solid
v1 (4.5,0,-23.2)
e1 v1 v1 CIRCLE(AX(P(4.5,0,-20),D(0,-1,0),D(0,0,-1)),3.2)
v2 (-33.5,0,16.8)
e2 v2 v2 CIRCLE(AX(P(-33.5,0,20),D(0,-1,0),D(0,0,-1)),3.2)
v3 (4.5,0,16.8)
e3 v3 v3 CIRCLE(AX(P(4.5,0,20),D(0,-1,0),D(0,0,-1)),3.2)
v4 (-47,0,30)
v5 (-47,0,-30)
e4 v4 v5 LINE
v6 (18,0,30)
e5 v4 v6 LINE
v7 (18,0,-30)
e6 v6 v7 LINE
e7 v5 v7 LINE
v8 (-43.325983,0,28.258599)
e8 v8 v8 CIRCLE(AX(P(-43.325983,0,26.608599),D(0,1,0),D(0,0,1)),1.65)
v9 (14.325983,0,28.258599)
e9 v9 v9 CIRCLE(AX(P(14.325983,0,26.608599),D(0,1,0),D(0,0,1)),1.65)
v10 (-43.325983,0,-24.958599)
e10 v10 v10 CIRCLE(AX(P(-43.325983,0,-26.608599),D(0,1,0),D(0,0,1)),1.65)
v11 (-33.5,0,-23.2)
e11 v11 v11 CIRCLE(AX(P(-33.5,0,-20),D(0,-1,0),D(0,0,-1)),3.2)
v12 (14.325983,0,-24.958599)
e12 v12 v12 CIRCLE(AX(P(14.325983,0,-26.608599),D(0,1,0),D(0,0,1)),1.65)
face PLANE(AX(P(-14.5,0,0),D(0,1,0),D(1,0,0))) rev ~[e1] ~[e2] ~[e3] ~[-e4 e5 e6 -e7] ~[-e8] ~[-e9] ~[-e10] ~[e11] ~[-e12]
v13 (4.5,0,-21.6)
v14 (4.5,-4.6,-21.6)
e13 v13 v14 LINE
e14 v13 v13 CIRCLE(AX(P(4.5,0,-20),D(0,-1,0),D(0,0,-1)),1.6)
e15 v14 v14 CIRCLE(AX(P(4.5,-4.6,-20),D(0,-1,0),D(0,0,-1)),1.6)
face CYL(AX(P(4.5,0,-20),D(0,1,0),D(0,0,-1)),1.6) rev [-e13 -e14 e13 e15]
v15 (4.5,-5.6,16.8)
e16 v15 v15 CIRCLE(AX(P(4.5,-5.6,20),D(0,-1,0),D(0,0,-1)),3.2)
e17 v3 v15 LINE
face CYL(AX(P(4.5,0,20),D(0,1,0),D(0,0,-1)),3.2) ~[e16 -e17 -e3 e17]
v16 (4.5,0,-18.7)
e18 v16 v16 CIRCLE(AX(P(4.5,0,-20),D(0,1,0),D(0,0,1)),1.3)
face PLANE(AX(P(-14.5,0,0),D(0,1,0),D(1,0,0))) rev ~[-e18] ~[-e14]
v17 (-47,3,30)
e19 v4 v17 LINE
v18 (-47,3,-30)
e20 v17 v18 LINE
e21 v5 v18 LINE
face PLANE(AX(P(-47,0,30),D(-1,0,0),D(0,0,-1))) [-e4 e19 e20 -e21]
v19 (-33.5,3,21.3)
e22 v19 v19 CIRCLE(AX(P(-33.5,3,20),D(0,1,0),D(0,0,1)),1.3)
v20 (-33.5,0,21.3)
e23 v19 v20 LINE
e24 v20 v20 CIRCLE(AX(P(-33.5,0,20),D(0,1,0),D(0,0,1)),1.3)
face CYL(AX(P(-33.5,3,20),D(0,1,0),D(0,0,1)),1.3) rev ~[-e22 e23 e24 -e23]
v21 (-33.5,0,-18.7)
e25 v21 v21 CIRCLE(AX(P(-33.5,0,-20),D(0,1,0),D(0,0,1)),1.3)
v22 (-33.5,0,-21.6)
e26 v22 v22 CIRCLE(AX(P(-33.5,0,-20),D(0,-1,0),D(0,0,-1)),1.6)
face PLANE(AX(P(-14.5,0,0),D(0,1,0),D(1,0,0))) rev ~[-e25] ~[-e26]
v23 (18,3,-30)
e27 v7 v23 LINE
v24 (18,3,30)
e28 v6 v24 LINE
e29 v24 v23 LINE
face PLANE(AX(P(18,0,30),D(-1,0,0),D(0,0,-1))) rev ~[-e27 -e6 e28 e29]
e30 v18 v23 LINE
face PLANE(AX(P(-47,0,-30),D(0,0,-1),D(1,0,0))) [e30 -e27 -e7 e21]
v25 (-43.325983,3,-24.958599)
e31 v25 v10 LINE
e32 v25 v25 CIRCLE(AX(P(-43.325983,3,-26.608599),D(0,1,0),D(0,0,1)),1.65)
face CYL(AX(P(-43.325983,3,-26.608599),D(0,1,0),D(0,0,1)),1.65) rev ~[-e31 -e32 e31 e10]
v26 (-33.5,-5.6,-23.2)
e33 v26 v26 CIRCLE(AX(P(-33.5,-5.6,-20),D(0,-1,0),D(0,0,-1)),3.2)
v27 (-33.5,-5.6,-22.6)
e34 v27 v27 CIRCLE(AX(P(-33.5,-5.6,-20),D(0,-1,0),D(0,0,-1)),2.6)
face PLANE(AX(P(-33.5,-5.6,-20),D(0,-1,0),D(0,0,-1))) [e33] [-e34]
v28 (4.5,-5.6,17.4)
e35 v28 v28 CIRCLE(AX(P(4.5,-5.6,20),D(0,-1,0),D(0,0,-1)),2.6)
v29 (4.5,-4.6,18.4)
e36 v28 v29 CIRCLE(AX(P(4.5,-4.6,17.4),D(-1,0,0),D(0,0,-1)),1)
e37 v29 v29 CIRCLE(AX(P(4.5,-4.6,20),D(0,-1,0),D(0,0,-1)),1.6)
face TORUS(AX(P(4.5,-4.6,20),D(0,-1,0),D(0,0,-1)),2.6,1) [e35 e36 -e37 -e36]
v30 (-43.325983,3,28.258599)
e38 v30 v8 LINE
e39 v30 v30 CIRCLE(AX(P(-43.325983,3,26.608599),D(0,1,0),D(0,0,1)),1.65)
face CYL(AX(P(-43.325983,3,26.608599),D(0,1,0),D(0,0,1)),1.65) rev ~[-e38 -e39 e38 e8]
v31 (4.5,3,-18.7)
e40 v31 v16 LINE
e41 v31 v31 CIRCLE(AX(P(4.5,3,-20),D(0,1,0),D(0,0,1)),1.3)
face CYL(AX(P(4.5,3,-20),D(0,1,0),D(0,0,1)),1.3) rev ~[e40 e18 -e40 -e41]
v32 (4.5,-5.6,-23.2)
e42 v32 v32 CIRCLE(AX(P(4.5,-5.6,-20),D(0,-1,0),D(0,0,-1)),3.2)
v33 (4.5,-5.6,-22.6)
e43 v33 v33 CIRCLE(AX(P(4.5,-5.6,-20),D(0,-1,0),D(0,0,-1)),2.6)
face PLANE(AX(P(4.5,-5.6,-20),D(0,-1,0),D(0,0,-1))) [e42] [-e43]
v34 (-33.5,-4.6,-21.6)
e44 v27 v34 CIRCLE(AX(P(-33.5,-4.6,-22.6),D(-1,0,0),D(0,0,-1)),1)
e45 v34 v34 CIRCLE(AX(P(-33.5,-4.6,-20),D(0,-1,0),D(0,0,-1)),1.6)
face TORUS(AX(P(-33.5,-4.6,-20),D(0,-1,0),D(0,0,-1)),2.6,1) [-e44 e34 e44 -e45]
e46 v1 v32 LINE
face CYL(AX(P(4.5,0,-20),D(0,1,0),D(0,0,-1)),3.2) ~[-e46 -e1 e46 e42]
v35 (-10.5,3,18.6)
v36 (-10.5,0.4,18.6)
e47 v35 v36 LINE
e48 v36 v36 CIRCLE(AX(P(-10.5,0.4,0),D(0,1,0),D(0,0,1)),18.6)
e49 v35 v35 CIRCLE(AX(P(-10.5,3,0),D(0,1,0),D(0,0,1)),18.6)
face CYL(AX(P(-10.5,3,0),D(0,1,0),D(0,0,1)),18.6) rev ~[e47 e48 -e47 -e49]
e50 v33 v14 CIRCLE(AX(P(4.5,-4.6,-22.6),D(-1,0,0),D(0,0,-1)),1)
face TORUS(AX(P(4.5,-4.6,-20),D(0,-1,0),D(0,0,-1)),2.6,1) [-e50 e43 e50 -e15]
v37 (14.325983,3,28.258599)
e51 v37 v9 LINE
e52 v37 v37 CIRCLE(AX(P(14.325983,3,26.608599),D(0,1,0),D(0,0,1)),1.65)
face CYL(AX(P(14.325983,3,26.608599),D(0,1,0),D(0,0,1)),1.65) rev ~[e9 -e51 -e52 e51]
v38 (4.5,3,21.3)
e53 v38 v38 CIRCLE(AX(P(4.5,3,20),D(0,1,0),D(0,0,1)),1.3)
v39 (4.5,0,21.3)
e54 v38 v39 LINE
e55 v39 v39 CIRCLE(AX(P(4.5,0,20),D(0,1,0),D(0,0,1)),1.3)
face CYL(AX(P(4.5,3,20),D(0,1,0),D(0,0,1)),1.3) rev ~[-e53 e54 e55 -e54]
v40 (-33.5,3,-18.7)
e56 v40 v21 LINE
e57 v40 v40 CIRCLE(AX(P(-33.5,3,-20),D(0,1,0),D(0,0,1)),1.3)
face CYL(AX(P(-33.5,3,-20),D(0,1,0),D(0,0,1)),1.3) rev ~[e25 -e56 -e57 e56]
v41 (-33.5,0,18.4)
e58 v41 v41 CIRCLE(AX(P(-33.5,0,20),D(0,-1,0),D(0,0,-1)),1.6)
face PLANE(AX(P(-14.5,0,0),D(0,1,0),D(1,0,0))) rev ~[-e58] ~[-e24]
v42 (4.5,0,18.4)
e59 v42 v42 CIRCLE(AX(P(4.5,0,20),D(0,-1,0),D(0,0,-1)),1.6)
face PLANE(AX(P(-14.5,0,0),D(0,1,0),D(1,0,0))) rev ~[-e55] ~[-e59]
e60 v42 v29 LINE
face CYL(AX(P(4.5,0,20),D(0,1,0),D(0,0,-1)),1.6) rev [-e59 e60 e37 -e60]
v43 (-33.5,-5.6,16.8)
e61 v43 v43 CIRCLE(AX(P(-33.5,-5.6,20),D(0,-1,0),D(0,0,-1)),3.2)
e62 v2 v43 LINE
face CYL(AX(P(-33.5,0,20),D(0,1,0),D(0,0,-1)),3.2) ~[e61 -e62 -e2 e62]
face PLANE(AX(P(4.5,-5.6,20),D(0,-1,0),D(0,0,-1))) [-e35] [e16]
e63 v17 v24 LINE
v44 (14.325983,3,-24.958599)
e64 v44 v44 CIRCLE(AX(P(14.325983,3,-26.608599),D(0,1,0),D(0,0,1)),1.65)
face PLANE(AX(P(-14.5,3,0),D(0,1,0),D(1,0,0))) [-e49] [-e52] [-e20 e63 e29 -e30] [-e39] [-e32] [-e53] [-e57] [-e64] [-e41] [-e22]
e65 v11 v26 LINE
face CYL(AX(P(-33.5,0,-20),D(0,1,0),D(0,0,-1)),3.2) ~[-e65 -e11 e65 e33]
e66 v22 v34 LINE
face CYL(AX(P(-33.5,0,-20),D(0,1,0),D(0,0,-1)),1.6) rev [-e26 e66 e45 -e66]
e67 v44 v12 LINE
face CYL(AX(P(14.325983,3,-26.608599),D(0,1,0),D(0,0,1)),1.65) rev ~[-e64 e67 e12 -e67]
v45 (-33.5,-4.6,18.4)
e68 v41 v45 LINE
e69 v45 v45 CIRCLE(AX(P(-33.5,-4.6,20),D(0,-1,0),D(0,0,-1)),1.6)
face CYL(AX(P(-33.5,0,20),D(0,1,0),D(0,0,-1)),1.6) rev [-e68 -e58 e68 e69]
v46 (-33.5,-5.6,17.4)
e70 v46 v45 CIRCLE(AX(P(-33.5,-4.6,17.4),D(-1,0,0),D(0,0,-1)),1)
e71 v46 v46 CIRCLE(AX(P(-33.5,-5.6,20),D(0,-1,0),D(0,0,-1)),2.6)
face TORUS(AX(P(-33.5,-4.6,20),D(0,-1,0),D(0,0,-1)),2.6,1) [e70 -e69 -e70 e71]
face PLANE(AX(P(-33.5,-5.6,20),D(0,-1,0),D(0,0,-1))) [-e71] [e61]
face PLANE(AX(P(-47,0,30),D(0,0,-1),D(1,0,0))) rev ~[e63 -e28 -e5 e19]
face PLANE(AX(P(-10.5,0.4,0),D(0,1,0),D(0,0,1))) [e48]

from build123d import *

# Parameters (mm, degrees)
SKETCH3_W           = 65
SKETCH3_H           = 60
BOSS_EXTRUDE3_DEPTH = 3
CUT_EXTRUDE1_REACH  = 57.839
SKETCH4_R           = 1.3
SKETCH9_R           = 3.2
SKETCH9_R_2         = 1.6
BOSS_EXTRUDE5_DEPTH = 5.6
SKETCH10_R          = 18.6
CUT_EXTRUDE3_DEPTH  = 2.6
SKETCH11_R          = 1.65
CUT_EXTRUDE4_DEPTH  = 57.41772771
FILLET1_R           = 1


with BuildPart() as part:
    # Sketch3 → Boss-Extrude3 (new body)
    with BuildSketch(Plane(origin=(0, 0, 0), x_dir=(1, 0, 0), z_dir=(0, 1, 0))):
        with Locations((-14.5, 0)):
            Rectangle(SKETCH3_W, SKETCH3_H)
    extrude(amount=BOSS_EXTRUDE3_DEPTH)

    # Sketch4 → Cut-Extrude1 (cut, up to next)
    with BuildSketch(Plane(origin=(0, 3, 0), x_dir=(1, 0, 0), z_dir=(0, 1, 0)), mode=Mode.PRIVATE) as cut_extrude1_sk1:
        with Locations(Location((-33.5, 20, 0), (0, 0, 270))):
            Circle(SKETCH4_R)
    cut_extrude1_tool1 = extrude(cut_extrude1_sk1.sketch, amount=-CUT_EXTRUDE1_REACH, mode=Mode.PRIVATE) & part.part
    # Sketch4 → Cut-Extrude1 (cut, up to next)
    with BuildSketch(Plane(origin=(0, 3, 0), x_dir=(1, 0, 0), z_dir=(0, 1, 0)), mode=Mode.PRIVATE) as cut_extrude1_sk2:
        with Locations(Location((4.5, 20, 0), (0, 0, 270))):
            Circle(SKETCH4_R)
    cut_extrude1_tool2 = extrude(cut_extrude1_sk2.sketch, amount=-CUT_EXTRUDE1_REACH, mode=Mode.PRIVATE) & part.part
    # Sketch4 → Cut-Extrude1 (cut, up to next)
    with BuildSketch(Plane(origin=(0, 3, 0), x_dir=(1, 0, 0), z_dir=(0, 1, 0)), mode=Mode.PRIVATE) as cut_extrude1_sk3:
        with Locations(Location((4.5, -20, 0), (0, 0, 270))):
            Circle(SKETCH4_R)
    cut_extrude1_tool3 = extrude(cut_extrude1_sk3.sketch, amount=-CUT_EXTRUDE1_REACH, mode=Mode.PRIVATE) & part.part
    # Sketch4 → Cut-Extrude1 (cut, up to next)
    with BuildSketch(Plane(origin=(0, 3, 0), x_dir=(1, 0, 0), z_dir=(0, 1, 0)), mode=Mode.PRIVATE) as cut_extrude1_sk4:
        with Locations(Location((-33.5, -20, 0), (0, 0, 270))):
            Circle(SKETCH4_R)
    cut_extrude1_tool4 = extrude(cut_extrude1_sk4.sketch, amount=-CUT_EXTRUDE1_REACH, mode=Mode.PRIVATE) & part.part
    add(cut_extrude1_tool1.solids().sort_by_distance((-33.5, 3, -20))[0], mode=Mode.SUBTRACT)
    add(cut_extrude1_tool2.solids().sort_by_distance((4.5, 3, -20))[0], mode=Mode.SUBTRACT)
    add(cut_extrude1_tool3.solids().sort_by_distance((4.5, 3, 20))[0], mode=Mode.SUBTRACT)
    add(cut_extrude1_tool4.solids().sort_by_distance((-33.5, 3, 20))[0], mode=Mode.SUBTRACT)

    # Sketch9 → Boss-Extrude5 (add)
    # profile 1 of 4: a face of its own
    with BuildSketch(Plane.XZ):
        with Locations(Location((-33.5, 20, 0), (0, 0, 270))):
            Circle(SKETCH9_R)
        with Locations(Location((-33.5, 20, 0), (0, 0, 270))):
            Circle(SKETCH9_R_2, mode=Mode.SUBTRACT)
    # profile 2 of 4: a face of its own
    with BuildSketch(Plane.XZ):
        with Locations(Location((-33.5, -20, 0), (0, 0, 270))):
            Circle(SKETCH9_R)
        with Locations(Location((-33.5, -20, 0), (0, 0, 270))):
            Circle(SKETCH9_R_2, mode=Mode.SUBTRACT)
    # profile 3 of 4: a face of its own
    with BuildSketch(Plane.XZ):
        with Locations(Location((4.5, 20, 0), (0, 0, 270))):
            Circle(SKETCH9_R)
        with Locations(Location((4.5, 20, 0), (0, 0, 270))):
            Circle(SKETCH9_R_2, mode=Mode.SUBTRACT)
    # profile 4 of 4: a face of its own
    with BuildSketch(Plane.XZ):
        with Locations(Location((4.5, -20, 0), (0, 0, 270))):
            Circle(SKETCH9_R)
        with Locations(Location((4.5, -20, 0), (0, 0, 270))):
            Circle(SKETCH9_R_2, mode=Mode.SUBTRACT)
    extrude(amount=BOSS_EXTRUDE5_DEPTH)

    # Sketch10 → Cut-Extrude3 (cut)
    with BuildSketch(Plane(origin=(0, 3, 0), x_dir=(1, 0, 0), z_dir=(0, 1, 0))):
        with Locations(Location((-10.5, 0, 0), (0, 0, 270))):
            Circle(SKETCH10_R)
    extrude(amount=-CUT_EXTRUDE3_DEPTH, mode=Mode.SUBTRACT)

    # Sketch11 → Cut-Extrude4 (cut, through all)
    with BuildSketch(Plane(origin=(0, 3, 0), x_dir=(1, 0, 0), z_dir=(0, 1, 0))):
        with Locations(Location((14.325982777, -26.608599486, 0), (0, 0, 270))):
            Circle(SKETCH11_R)
        with Locations(Location((-43.325982777, -26.608599486, 0), (0, 0, 270))):
            Circle(SKETCH11_R)
        with Locations(Location((14.325982777, 26.608599486, 0), (0, 0, 270))):
            Circle(SKETCH11_R)
        with Locations(Location((-43.325982777, 26.608599486, 0), (0, 0, 270))):
            Circle(SKETCH11_R)
    extrude(amount=-CUT_EXTRUDE4_DEPTH, mode=Mode.SUBTRACT)

    # Fillet1
    fillet1_edges = [part.edges().sort_by_distance(p)[0] for p in [
        (-33.5, -5.6, 21.6),
        (-33.5, -5.6, -18.4),
        (4.5, -5.6, 21.6),
        (4.5, -5.6, -18.4),
    ]]
    fillet(fillet1_edges, radius=FILLET1_R)


solid = part.part
